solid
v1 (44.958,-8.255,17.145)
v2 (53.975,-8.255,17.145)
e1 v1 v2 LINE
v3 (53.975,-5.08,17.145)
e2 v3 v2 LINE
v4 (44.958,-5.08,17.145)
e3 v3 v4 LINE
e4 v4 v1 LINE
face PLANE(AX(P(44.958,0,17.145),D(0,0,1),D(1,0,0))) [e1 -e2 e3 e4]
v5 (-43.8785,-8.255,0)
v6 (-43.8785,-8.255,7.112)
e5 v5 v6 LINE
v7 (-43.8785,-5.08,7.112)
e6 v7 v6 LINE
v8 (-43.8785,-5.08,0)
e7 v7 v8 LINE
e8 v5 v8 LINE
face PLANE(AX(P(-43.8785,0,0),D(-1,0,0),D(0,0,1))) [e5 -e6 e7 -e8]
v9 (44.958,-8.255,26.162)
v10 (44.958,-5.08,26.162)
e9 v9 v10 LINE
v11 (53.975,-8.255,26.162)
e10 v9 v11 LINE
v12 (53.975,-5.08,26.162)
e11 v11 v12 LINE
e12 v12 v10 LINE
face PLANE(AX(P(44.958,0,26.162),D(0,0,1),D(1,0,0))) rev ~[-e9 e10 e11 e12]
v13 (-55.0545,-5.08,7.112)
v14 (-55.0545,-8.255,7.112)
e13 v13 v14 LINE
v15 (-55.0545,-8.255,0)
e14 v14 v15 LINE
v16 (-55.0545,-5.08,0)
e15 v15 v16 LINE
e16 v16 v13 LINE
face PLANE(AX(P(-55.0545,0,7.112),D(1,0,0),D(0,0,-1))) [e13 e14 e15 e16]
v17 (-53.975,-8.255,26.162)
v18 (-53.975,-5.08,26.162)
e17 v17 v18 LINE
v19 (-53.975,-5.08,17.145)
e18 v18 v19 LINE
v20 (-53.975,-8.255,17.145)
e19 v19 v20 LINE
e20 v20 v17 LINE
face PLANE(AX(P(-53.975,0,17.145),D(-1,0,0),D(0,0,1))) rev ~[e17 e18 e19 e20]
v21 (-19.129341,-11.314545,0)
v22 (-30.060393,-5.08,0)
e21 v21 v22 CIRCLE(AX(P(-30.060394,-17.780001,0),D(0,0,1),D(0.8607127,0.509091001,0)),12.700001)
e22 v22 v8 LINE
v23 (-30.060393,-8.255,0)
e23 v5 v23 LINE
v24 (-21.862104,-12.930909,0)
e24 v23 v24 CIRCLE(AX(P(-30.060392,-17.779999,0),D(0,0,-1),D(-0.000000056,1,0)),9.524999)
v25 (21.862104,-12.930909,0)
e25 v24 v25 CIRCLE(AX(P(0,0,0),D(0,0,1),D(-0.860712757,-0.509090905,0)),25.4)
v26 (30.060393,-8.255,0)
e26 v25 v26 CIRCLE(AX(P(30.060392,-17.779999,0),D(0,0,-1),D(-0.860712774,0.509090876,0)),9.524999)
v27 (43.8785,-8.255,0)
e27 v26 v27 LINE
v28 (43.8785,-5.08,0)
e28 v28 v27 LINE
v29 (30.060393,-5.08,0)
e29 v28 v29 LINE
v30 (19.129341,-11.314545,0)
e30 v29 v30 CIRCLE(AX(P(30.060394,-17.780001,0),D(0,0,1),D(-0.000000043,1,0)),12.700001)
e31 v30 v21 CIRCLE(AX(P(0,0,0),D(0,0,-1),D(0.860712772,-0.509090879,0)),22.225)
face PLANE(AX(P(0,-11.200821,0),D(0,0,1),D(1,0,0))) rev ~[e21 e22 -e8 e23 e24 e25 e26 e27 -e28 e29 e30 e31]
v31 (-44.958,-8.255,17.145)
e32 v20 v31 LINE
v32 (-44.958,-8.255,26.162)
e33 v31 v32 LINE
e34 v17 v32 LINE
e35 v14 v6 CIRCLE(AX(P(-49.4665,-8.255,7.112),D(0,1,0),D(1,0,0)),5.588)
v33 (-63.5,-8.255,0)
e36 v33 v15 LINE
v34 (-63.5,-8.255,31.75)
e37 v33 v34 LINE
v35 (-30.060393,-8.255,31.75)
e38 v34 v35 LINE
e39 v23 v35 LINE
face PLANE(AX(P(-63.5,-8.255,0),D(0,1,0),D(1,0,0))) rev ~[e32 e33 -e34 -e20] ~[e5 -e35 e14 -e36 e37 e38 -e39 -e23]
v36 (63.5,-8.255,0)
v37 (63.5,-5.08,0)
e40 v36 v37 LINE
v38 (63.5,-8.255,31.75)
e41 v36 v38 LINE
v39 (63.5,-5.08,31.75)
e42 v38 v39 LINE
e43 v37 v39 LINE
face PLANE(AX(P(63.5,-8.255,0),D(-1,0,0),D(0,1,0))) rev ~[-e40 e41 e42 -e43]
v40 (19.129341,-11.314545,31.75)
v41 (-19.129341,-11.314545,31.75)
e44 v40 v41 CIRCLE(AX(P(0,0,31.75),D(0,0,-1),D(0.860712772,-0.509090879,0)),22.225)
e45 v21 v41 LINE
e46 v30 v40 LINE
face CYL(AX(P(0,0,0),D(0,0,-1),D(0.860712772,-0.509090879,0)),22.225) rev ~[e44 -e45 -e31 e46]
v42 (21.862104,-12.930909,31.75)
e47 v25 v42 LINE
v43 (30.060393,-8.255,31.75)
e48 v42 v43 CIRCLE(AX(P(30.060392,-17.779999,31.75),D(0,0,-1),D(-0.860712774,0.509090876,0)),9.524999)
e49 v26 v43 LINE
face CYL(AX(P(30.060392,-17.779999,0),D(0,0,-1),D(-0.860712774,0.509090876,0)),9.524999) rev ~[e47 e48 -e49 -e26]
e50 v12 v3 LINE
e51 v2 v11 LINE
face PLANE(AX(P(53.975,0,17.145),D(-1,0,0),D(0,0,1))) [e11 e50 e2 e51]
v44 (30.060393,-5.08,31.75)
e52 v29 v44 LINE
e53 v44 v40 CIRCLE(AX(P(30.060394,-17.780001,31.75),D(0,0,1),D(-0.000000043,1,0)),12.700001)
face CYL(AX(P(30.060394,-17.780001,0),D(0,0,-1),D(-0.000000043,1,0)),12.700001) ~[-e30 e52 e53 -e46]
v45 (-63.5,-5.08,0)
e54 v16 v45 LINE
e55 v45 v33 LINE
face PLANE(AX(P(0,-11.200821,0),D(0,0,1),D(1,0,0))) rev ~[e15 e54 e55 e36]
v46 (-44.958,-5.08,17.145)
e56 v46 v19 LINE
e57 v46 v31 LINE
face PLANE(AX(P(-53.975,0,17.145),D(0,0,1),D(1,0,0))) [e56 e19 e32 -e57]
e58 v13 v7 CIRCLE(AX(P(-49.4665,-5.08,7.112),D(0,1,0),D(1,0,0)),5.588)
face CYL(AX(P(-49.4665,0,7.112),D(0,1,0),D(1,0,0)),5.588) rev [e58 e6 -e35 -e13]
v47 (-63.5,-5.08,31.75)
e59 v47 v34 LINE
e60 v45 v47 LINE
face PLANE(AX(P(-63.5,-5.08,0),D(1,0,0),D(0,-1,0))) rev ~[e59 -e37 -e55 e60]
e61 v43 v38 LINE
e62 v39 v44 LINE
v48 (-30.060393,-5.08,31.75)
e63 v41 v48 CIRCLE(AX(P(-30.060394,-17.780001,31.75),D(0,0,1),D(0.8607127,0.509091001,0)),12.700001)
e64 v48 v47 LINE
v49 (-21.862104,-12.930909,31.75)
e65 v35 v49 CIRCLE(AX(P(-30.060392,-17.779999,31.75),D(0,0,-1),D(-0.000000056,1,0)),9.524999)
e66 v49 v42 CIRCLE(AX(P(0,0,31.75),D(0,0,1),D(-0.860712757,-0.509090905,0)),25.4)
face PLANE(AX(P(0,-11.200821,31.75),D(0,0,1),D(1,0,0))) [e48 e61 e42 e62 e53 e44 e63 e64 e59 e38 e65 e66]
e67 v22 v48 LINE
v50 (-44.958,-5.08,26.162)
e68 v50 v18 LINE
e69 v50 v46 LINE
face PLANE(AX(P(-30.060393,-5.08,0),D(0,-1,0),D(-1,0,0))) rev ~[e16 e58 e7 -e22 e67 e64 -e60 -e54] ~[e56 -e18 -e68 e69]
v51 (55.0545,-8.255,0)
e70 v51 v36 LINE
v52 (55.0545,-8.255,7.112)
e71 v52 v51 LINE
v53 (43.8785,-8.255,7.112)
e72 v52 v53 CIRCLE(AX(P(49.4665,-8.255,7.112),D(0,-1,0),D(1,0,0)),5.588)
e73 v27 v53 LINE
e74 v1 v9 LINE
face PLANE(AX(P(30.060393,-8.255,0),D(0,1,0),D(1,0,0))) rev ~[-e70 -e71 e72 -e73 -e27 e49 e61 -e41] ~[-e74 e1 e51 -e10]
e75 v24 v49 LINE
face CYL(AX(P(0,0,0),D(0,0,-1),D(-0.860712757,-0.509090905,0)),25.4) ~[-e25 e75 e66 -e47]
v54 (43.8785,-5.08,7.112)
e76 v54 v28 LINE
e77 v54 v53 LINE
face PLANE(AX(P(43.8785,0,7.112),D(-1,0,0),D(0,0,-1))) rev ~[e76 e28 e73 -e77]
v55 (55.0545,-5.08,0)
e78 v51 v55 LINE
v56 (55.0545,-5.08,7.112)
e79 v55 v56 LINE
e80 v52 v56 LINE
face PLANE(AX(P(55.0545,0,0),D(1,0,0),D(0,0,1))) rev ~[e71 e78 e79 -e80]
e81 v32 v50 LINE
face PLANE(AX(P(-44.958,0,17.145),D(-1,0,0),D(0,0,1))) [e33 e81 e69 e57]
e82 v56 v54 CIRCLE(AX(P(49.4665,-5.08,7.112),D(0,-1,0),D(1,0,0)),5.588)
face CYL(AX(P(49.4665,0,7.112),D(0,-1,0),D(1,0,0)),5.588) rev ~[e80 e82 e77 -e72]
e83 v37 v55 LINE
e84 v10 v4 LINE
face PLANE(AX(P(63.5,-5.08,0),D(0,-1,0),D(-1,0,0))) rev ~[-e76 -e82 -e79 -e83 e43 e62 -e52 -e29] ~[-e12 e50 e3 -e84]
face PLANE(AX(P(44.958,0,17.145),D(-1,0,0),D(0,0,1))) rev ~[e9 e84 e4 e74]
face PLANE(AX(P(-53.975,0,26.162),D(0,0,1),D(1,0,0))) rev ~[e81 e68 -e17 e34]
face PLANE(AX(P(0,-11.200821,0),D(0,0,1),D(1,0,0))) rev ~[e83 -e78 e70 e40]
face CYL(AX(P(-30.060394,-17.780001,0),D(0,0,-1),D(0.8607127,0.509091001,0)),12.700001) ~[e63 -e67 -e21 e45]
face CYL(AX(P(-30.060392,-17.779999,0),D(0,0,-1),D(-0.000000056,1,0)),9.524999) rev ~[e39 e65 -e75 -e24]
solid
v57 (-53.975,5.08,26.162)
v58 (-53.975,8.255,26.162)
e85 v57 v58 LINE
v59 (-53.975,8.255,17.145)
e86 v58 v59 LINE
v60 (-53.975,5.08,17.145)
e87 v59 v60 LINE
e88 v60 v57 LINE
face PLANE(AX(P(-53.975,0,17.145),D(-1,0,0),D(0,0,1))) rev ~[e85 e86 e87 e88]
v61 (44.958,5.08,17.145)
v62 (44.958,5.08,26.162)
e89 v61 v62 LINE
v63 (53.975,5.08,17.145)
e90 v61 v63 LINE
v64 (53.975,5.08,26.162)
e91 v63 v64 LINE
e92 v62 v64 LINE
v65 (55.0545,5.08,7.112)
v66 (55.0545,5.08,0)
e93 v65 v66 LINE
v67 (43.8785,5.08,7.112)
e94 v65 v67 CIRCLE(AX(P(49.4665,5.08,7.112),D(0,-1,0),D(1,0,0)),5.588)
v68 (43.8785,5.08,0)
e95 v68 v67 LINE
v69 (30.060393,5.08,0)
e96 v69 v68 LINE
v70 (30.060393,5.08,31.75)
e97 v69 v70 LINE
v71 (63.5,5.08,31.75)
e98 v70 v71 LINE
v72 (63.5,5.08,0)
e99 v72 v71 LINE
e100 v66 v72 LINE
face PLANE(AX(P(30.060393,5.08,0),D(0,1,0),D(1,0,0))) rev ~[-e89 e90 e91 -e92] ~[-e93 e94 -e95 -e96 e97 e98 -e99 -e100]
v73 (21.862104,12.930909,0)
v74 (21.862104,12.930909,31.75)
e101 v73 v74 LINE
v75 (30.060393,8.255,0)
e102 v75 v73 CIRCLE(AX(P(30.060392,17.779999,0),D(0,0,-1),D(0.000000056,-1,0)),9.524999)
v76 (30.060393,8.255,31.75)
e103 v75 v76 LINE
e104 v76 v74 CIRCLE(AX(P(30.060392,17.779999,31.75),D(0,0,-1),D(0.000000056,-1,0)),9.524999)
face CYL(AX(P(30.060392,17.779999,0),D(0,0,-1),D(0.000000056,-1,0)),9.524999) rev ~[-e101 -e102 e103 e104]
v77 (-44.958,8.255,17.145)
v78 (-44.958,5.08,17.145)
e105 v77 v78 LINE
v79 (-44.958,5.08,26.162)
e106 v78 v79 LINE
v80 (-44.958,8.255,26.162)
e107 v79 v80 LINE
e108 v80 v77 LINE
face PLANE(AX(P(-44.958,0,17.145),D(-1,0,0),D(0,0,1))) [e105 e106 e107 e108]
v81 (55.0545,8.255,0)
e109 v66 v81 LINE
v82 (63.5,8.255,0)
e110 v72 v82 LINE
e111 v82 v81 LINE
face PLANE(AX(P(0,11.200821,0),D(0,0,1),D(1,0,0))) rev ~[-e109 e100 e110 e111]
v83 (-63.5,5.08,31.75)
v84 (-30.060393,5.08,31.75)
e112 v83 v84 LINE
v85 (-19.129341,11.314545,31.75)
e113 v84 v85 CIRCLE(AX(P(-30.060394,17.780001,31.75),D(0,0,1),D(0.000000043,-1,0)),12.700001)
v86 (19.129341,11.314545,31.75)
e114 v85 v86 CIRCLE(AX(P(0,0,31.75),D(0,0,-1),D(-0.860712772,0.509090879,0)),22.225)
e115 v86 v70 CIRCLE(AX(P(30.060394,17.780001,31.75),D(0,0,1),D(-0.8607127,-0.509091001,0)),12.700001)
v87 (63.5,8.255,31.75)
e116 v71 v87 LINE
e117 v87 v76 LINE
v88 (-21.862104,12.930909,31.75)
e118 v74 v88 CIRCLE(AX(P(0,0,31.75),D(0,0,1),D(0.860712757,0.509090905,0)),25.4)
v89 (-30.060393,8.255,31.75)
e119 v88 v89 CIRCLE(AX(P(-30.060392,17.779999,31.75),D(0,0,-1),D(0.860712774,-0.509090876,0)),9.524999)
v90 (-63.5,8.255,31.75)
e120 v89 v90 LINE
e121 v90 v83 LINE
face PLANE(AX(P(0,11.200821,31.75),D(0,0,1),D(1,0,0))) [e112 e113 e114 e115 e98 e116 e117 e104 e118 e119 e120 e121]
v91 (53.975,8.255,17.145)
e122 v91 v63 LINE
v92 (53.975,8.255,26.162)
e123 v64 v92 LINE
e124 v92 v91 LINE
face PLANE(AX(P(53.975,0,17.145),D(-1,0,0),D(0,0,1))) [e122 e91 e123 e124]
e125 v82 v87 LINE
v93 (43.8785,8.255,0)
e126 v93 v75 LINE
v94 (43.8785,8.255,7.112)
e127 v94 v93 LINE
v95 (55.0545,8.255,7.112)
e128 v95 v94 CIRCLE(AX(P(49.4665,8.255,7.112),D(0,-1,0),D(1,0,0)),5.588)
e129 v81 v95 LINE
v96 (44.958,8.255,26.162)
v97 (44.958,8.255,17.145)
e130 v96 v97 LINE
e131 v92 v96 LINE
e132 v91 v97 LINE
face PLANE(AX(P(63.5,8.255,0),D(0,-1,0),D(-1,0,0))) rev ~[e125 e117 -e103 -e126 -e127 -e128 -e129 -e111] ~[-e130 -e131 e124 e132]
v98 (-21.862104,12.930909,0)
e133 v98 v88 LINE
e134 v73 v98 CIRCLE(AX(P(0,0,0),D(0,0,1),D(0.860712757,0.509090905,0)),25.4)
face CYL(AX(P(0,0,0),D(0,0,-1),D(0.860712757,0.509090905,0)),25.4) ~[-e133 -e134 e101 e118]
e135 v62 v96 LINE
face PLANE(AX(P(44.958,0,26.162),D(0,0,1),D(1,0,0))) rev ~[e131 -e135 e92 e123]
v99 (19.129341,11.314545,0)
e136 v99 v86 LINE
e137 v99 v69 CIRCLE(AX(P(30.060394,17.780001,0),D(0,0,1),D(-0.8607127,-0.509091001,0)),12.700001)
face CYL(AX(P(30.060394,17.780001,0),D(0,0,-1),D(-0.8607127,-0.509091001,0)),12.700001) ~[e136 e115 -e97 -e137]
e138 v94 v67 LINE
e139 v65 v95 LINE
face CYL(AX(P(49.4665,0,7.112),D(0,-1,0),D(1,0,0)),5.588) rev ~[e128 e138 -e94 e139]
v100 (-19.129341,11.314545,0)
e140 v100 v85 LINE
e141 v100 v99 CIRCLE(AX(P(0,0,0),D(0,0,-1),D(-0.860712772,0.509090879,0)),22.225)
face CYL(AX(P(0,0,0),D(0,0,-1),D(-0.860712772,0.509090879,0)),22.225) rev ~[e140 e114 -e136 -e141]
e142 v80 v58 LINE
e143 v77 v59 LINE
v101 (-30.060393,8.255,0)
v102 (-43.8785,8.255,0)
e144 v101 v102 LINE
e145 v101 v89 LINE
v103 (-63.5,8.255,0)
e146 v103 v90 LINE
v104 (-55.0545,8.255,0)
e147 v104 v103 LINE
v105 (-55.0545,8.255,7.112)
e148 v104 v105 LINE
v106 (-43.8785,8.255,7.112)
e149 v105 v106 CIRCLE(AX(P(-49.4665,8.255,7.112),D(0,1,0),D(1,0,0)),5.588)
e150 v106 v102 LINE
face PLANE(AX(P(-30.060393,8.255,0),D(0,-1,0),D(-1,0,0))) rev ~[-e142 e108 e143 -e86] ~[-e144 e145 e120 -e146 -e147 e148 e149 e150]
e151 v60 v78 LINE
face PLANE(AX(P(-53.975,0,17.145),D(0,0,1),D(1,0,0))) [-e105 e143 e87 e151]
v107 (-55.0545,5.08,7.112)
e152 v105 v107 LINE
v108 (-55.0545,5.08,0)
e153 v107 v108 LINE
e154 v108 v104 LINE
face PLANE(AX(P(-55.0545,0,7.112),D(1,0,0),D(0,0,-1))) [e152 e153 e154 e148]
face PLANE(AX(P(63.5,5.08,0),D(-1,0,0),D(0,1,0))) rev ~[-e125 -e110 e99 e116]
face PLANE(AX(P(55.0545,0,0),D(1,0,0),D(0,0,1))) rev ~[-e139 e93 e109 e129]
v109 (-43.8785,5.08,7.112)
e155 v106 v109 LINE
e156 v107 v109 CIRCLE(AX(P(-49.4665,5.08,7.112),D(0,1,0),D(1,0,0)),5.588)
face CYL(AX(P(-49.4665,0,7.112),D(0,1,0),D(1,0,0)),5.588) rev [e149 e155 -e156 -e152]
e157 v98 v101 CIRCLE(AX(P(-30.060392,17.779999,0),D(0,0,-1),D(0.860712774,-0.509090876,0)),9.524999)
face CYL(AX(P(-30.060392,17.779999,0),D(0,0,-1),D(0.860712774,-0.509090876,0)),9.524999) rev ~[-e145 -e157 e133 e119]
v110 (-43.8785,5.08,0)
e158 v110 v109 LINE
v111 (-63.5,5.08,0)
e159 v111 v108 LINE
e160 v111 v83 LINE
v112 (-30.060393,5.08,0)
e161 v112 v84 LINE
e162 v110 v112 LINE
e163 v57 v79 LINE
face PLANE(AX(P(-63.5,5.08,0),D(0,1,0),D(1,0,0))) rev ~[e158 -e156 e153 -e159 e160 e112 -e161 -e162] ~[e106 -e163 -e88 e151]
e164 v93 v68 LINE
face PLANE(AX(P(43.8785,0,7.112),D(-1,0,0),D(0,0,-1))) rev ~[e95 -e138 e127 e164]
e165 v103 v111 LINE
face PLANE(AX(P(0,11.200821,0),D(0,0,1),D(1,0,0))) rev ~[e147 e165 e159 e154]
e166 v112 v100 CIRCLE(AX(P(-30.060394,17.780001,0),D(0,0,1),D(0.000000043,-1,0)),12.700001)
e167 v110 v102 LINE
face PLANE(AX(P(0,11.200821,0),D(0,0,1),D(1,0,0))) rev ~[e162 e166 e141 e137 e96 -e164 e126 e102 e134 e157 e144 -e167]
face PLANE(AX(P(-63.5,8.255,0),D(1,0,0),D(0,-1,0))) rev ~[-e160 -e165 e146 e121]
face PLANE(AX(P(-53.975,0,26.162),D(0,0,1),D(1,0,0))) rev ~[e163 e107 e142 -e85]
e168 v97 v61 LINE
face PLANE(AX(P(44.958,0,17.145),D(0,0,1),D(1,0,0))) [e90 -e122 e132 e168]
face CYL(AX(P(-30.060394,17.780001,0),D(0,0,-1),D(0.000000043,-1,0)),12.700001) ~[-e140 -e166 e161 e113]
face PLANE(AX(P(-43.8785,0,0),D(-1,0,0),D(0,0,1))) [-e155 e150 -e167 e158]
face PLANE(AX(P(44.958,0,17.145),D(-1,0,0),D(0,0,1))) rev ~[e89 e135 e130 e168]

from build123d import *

# Parameters (mm, degrees)
F1_DEPTH = 31.75
F2_W     = 9.017
F2_H     = 9.017
F3_DEPTH = 25.4


with BuildPart() as f1:
    # F0 (on Top) → F1 (new body)
    with BuildSketch(Plane.XY):
        with BuildLine():
            ThreePointArc((19.129341, -11.314545), (0, -22.225), (-19.129341, -11.314545))
            ThreePointArc((-19.129341, -11.314545), (-23.768385, -6.748199), (-30.060393, -5.08))
            Line((-30.060393, -5.08), (-63.5, -5.08))
            Line((-63.5, -5.08), (-63.5, -8.255))
            Line((-63.5, -8.255), (-30.060393, -8.255))
            ThreePointArc((-30.060393, -8.255), (-25.341387, -9.506149), (-21.862104, -12.930909))
            ThreePointArc((-21.862104, -12.930909), (0, -25.4), (21.862104, -12.930909))
            ThreePointArc((21.862104, -12.930909), (25.341387, -9.506149), (30.060393, -8.255))
            Line((30.060393, -8.255), (63.5, -8.255))
            Line((63.5, -8.255), (63.5, -5.08))
            Line((63.5, -5.08), (30.060393, -5.08))
            ThreePointArc((30.060393, -5.08), (23.768385, -6.748199), (19.129341, -11.314545))
        make_face()
        with BuildLine():
            Line((-30.060393, 8.255), (-63.5, 8.255))
            Line((-63.5, 8.255), (-63.5, 5.08))
            Line((-63.5, 5.08), (-30.060393, 5.08))
            ThreePointArc((-30.060393, 5.08), (-23.768385, 6.748199), (-19.129341, 11.314545))
            ThreePointArc((-19.129341, 11.314545), (0, 22.225), (19.129341, 11.314545))
            ThreePointArc((19.129341, 11.314545), (23.768385, 6.748199), (30.060393, 5.08))
            Line((30.060393, 5.08), (63.5, 5.08))
            Line((63.5, 5.08), (63.5, 8.255))
            Line((63.5, 8.255), (30.060393, 8.255))
            ThreePointArc((30.060393, 8.255), (25.341387, 9.506149), (21.862104, 12.930909))
            ThreePointArc((21.862104, 12.930909), (0, 25.4), (-21.862104, 12.930909))
            ThreePointArc((-21.862104, 12.930909), (-25.341387, 9.506149), (-30.060393, 8.255))
        make_face()
    extrude(amount=F1_DEPTH)

    # F2 (on Front) → F3 (cut, symmetric)
    with BuildSketch(Plane.XZ):
        with Locations((-49.4665, 21.6535)):
            Rectangle(F2_W, F2_H)
        with BuildLine():
            Line((-43.8785, 0), (-43.8785, 7.112))
            ThreePointArc((-43.8785, 7.112), (-49.4665, 12.7), (-55.0545, 7.112))
            Line((-55.0545, 7.112), (-55.0545, 0))
            Line((-55.0545, 0), (-43.8785, 0))
        make_face()
        with Locations((49.4665, 21.6535)):
            Rectangle(F2_W, F2_H)
        with BuildLine():
            ThreePointArc((55.0545, 7.112), (49.4665, 12.7), (43.8785, 7.112))
            Line((43.8785, 7.112), (43.8785, 0))
            Line((43.8785, 0), (55.0545, 0))
            Line((55.0545, 0), (55.0545, 7.112))
        make_face()
    extrude(amount=F3_DEPTH, both=True, mode=Mode.SUBTRACT)


solid = f1.part
